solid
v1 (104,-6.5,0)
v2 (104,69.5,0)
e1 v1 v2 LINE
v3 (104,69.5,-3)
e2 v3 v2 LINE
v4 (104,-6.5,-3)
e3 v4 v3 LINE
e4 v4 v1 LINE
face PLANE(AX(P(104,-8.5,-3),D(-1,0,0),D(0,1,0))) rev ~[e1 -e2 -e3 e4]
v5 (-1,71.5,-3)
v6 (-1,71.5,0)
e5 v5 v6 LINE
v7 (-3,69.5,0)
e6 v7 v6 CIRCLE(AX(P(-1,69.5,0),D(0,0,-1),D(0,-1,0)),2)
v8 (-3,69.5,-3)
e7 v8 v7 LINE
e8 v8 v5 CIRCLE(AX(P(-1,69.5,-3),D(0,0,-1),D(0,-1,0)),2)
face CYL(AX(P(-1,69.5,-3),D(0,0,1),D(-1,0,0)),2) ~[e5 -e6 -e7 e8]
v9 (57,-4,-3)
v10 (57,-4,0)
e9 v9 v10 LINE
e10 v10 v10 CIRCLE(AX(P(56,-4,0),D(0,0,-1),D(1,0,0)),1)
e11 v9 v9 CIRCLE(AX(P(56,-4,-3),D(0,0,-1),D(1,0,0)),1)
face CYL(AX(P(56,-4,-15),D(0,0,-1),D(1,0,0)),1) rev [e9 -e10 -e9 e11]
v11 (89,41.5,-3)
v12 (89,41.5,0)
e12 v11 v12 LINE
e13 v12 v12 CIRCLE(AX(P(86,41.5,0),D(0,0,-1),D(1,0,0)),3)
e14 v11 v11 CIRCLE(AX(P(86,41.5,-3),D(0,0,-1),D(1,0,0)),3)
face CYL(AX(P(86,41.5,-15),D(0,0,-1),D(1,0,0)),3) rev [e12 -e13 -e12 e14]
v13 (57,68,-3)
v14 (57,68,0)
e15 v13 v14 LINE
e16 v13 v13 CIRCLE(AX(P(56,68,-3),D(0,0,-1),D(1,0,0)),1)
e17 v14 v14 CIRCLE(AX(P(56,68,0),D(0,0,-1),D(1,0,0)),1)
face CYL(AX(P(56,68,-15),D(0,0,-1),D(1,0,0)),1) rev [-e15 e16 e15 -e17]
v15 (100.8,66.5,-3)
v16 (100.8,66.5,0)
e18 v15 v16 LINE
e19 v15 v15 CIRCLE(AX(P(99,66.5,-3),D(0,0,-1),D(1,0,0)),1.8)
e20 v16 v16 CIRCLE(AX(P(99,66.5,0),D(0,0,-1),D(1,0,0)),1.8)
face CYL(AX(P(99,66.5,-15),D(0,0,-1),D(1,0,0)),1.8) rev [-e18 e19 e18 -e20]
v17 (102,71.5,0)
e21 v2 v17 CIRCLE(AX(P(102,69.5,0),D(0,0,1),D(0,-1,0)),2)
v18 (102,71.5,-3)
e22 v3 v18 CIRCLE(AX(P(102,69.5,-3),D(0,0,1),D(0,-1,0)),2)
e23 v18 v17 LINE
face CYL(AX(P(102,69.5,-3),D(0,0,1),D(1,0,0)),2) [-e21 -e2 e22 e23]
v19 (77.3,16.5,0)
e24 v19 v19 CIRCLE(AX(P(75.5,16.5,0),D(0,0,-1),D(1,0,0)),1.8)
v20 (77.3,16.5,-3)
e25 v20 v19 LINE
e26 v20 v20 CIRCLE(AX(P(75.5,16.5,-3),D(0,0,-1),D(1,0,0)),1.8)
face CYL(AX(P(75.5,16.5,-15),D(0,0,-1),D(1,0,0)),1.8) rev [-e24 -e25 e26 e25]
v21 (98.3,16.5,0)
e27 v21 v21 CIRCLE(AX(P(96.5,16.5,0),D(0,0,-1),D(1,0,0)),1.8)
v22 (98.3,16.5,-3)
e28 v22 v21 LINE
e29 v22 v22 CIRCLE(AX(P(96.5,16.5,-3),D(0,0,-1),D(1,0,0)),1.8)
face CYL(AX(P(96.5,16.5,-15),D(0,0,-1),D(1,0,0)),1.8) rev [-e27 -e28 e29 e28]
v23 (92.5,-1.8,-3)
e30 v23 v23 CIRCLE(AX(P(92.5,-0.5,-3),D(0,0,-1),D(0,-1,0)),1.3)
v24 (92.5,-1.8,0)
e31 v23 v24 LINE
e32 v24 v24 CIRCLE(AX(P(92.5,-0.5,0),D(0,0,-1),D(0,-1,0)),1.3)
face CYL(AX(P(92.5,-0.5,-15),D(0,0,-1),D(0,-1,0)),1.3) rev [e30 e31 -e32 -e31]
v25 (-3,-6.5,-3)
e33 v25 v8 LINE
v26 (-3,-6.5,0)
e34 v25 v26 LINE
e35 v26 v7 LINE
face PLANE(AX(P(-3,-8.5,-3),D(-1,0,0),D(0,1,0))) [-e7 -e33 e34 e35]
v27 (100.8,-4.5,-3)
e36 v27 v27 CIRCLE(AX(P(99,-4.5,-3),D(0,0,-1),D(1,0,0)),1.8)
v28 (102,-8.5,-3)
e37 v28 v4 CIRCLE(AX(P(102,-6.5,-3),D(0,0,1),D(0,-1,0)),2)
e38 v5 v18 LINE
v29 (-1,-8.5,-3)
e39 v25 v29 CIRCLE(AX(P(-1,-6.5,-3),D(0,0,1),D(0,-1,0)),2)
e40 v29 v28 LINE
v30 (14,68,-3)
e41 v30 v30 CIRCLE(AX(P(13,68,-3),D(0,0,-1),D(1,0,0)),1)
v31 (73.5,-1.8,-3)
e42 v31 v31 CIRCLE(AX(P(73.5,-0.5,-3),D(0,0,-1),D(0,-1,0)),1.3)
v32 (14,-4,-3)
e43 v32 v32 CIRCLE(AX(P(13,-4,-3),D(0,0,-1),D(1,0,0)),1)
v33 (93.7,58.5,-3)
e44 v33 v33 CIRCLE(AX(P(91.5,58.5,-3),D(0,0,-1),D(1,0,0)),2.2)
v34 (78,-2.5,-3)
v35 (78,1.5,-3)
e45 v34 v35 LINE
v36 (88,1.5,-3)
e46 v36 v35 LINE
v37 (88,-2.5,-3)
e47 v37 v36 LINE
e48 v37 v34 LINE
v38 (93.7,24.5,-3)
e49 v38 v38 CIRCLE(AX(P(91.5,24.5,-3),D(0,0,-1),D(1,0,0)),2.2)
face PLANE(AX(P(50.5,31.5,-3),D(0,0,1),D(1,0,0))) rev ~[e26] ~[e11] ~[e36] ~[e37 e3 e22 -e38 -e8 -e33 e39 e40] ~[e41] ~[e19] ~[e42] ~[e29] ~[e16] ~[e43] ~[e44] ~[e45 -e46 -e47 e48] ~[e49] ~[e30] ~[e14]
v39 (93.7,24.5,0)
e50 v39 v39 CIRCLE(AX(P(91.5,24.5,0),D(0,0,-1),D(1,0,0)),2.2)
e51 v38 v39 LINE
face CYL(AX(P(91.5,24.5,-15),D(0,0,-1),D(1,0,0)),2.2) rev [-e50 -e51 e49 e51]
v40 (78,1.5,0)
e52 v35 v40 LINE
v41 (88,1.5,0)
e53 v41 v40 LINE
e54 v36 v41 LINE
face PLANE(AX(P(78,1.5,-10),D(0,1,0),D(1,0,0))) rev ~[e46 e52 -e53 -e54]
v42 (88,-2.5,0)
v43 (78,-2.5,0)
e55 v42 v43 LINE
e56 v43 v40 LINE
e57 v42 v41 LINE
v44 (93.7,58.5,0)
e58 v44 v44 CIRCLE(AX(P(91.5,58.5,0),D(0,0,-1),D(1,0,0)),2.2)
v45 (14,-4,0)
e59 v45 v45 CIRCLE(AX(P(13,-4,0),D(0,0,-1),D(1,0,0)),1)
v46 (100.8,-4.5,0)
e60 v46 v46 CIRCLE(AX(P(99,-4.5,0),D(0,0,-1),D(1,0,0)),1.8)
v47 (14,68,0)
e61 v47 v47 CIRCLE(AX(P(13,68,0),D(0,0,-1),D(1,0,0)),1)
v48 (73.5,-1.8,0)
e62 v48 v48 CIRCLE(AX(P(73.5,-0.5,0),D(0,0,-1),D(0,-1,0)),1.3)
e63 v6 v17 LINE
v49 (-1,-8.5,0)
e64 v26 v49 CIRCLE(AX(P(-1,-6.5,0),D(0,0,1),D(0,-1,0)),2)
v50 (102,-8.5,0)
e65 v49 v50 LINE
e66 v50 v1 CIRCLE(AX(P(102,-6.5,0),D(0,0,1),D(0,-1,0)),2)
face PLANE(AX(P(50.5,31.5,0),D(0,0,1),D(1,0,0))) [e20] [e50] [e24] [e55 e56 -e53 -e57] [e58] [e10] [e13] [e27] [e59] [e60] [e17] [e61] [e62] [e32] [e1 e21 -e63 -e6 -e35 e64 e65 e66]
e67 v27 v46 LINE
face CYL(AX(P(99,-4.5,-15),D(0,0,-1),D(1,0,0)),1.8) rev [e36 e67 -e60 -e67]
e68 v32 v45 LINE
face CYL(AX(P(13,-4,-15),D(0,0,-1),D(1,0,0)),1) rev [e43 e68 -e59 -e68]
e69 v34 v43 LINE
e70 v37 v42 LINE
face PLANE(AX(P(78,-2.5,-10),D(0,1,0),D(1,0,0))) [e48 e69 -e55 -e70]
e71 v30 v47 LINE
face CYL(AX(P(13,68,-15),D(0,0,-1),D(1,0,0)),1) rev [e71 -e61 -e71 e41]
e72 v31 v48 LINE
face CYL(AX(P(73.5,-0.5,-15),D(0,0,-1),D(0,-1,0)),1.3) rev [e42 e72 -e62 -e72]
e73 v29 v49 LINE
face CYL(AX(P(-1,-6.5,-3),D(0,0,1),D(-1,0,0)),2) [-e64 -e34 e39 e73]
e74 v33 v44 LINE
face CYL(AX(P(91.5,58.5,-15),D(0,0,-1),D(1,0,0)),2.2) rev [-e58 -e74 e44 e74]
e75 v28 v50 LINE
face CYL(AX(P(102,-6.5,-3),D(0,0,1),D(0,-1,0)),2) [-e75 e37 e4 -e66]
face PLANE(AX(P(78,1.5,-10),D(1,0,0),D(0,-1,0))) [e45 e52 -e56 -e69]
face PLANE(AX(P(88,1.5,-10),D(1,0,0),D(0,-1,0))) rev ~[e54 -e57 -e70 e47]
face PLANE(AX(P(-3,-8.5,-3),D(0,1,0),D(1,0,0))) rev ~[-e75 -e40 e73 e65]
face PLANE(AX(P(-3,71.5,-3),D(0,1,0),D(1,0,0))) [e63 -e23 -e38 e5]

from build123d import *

# Parameters (mm, degrees)
CYLINDER001_R     = 1.8
CYLINDER001_DEPTH = 40
ARRAY002_X_COUNT  = 2
ARRAY002_X_PITCH  = 21
CYLINDER002_R     = 1
CYLINDER002_DEPTH = 100
ARRAY003_X_COUNT  = 2
ARRAY003_X_PITCH  = 43
ARRAY003_Y_COUNT  = 2
ARRAY003_Y_PITCH  = 72
CYLINDER003_R     = 1.8
CYLINDER003_DEPTH = 40
ARRAY004_Y_COUNT  = 2
ARRAY004_Y_PITCH  = 71
BOX005_W          = 4
BOX005_H          = 10
BOX005_DEPTH      = 40
CYLINDER004_R     = 2.2
CYLINDER004_DEPTH = 40
ARRAY005_Y_COUNT  = 2
ARRAY005_Y_PITCH  = 34
CYLINDER005_R     = 3
CYLINDER005_DEPTH = 40
CYLINDER_R        = 1.3
CYLINDER_DEPTH    = 40
ARRAY001_X_COUNT  = 2
ARRAY001_X_PITCH  = 19
BOX004_W          = 107
BOX004_H          = 80
BOX004_DEPTH      = 3
FILLET001_R       = 2


with BuildPart() as array002:
    # Cylinder001 → Cylinder001 (new body)
    with BuildSketch(Plane(origin=(75.5, 16.5, -15), x_dir=(1, 0, 0), z_dir=(0, 0, 1))):
        Circle(CYLINDER001_R)
    extrude(amount=CYLINDER001_DEPTH)

    # Array002 X: Array002 ×2


with BuildPart() as array002_1:
    add(array002.part)
    with Locations(*[(i * ARRAY002_X_PITCH, 0, 0) for i in range(1, ARRAY002_X_COUNT)]):
        add(array002.part)


with BuildPart() as array_battery_holder_holes:
    # Cylinder002 → Cylinder002 (new body)
    with BuildSketch(Plane(origin=(13, -4, -15), x_dir=(1, 0, 0), z_dir=(0, 0, 1))):
        Circle(CYLINDER002_R)
    extrude(amount=CYLINDER002_DEPTH)

    # Array003 X: Array battery holder holes ×2


with BuildPart() as array_battery_holder_holes_1:
    add(array_battery_holder_holes.part)
    with Locations(*[(i * ARRAY003_X_PITCH, 0, 0) for i in range(1, ARRAY003_X_COUNT)]):
        add(array_battery_holder_holes.part)

    # Array003 Y: Array battery holder holes ×2


with BuildPart() as array_battery_holder_holes_2:
    add(array_battery_holder_holes_1.part)
    with Locations(*[(0, i * ARRAY003_Y_PITCH, 0) for i in range(1, ARRAY003_Y_COUNT)]):
        add(array_battery_holder_holes_1.part)


with BuildPart() as array_corners:
    # Cylinder003 → Cylinder003 (new body)
    with BuildSketch(Plane(origin=(99, -4.5, -15), x_dir=(1, 0, 0), z_dir=(0, 0, 1))):
        Circle(CYLINDER003_R)
    extrude(amount=CYLINDER003_DEPTH)

    # Array004 Y: Array corners ×2


with BuildPart() as array_corners_1:
    add(array_corners.part)
    with Locations(*[(0, i * ARRAY004_Y_PITCH, 0) for i in range(1, ARRAY004_Y_COUNT)]):
        add(array_corners.part)


with BuildPart() as cube_switch_cut:
    # Box005 → Box005 (new body)
    with BuildSketch(Plane(origin=(78, 1.5, -10), x_dir=(0, -1, 0), z_dir=(0, 0, 1))):
        with Locations((2, 5)):
            Rectangle(BOX005_W, BOX005_H)
    extrude(amount=BOX005_DEPTH)


with BuildPart() as array_usb:
    # Cylinder004 → Cylinder004 (new body)
    with BuildSketch(Plane(origin=(91.5, 24.5, -15), x_dir=(1, 0, 0), z_dir=(0, 0, 1))):
        Circle(CYLINDER004_R)
    extrude(amount=CYLINDER004_DEPTH)

    # Array005 Y: Array usb ×2


with BuildPart() as array_usb_1:
    add(array_usb.part)
    with Locations(*[(0, i * ARRAY005_Y_PITCH, 0) for i in range(1, ARRAY005_Y_COUNT)]):
        add(array_usb.part)


with BuildPart() as cylinder_usb_center:
    # Cylinder005 → Cylinder005 (new body)
    with BuildSketch(Plane(origin=(86, 41.5, -15), x_dir=(1, 0, 0), z_dir=(0, 0, 1))):
        Circle(CYLINDER005_R)
    extrude(amount=CYLINDER005_DEPTH)


with BuildPart() as fusion001:
    # Cylinder → Cylinder (new body)
    with BuildSketch(Plane(origin=(73.5, -0.5, -15), x_dir=(0, -1, 0), z_dir=(0, 0, 1))):
        Circle(CYLINDER_R)
    extrude(amount=CYLINDER_DEPTH)

    # Array001 X: Fusion001 ×2


with BuildPart() as fusion001_1:
    add(fusion001.part)
    with Locations(*[(i * ARRAY001_X_PITCH, 0, 0) for i in range(1, ARRAY001_X_COUNT)]):
        add(fusion001.part)

    # Fusion001: union Array002, Array battery holder holes, Array corners, Cube switch cut, Array usb, Cylinder usb center
    add(array002_1.part)
    add(array_battery_holder_holes_2.part)
    add(array_corners_1.part)
    add(cube_switch_cut.part)
    add(array_usb_1.part)
    add(cylinder_usb_center.part)


with BuildPart() as top_lid_clone:
    # Box004 → Box004 (new body)
    with BuildSketch(Plane(origin=(-3, -8.5, -3), x_dir=(1, 0, 0), z_dir=(0, 0, 1))):
        with Locations((53.5, 40)):
            Rectangle(BOX004_W, BOX004_H)
    extrude(amount=BOX004_DEPTH)

    # Fillet001
    fillet001_edges = [top_lid_clone.edges().sort_by_distance(p)[0] for p in [
        (-3, -8.5, -1.5),
        (-3, 71.5, -1.5),
        (104, -8.5, -1.5),
        (104, 71.5, -1.5),
    ]]
    fillet(fillet001_edges, radius=FILLET001_R)

    # Cut001: cut Fusion001
    add(fusion001_1.part, mode=Mode.SUBTRACT)


solid = top_lid_clone.part
